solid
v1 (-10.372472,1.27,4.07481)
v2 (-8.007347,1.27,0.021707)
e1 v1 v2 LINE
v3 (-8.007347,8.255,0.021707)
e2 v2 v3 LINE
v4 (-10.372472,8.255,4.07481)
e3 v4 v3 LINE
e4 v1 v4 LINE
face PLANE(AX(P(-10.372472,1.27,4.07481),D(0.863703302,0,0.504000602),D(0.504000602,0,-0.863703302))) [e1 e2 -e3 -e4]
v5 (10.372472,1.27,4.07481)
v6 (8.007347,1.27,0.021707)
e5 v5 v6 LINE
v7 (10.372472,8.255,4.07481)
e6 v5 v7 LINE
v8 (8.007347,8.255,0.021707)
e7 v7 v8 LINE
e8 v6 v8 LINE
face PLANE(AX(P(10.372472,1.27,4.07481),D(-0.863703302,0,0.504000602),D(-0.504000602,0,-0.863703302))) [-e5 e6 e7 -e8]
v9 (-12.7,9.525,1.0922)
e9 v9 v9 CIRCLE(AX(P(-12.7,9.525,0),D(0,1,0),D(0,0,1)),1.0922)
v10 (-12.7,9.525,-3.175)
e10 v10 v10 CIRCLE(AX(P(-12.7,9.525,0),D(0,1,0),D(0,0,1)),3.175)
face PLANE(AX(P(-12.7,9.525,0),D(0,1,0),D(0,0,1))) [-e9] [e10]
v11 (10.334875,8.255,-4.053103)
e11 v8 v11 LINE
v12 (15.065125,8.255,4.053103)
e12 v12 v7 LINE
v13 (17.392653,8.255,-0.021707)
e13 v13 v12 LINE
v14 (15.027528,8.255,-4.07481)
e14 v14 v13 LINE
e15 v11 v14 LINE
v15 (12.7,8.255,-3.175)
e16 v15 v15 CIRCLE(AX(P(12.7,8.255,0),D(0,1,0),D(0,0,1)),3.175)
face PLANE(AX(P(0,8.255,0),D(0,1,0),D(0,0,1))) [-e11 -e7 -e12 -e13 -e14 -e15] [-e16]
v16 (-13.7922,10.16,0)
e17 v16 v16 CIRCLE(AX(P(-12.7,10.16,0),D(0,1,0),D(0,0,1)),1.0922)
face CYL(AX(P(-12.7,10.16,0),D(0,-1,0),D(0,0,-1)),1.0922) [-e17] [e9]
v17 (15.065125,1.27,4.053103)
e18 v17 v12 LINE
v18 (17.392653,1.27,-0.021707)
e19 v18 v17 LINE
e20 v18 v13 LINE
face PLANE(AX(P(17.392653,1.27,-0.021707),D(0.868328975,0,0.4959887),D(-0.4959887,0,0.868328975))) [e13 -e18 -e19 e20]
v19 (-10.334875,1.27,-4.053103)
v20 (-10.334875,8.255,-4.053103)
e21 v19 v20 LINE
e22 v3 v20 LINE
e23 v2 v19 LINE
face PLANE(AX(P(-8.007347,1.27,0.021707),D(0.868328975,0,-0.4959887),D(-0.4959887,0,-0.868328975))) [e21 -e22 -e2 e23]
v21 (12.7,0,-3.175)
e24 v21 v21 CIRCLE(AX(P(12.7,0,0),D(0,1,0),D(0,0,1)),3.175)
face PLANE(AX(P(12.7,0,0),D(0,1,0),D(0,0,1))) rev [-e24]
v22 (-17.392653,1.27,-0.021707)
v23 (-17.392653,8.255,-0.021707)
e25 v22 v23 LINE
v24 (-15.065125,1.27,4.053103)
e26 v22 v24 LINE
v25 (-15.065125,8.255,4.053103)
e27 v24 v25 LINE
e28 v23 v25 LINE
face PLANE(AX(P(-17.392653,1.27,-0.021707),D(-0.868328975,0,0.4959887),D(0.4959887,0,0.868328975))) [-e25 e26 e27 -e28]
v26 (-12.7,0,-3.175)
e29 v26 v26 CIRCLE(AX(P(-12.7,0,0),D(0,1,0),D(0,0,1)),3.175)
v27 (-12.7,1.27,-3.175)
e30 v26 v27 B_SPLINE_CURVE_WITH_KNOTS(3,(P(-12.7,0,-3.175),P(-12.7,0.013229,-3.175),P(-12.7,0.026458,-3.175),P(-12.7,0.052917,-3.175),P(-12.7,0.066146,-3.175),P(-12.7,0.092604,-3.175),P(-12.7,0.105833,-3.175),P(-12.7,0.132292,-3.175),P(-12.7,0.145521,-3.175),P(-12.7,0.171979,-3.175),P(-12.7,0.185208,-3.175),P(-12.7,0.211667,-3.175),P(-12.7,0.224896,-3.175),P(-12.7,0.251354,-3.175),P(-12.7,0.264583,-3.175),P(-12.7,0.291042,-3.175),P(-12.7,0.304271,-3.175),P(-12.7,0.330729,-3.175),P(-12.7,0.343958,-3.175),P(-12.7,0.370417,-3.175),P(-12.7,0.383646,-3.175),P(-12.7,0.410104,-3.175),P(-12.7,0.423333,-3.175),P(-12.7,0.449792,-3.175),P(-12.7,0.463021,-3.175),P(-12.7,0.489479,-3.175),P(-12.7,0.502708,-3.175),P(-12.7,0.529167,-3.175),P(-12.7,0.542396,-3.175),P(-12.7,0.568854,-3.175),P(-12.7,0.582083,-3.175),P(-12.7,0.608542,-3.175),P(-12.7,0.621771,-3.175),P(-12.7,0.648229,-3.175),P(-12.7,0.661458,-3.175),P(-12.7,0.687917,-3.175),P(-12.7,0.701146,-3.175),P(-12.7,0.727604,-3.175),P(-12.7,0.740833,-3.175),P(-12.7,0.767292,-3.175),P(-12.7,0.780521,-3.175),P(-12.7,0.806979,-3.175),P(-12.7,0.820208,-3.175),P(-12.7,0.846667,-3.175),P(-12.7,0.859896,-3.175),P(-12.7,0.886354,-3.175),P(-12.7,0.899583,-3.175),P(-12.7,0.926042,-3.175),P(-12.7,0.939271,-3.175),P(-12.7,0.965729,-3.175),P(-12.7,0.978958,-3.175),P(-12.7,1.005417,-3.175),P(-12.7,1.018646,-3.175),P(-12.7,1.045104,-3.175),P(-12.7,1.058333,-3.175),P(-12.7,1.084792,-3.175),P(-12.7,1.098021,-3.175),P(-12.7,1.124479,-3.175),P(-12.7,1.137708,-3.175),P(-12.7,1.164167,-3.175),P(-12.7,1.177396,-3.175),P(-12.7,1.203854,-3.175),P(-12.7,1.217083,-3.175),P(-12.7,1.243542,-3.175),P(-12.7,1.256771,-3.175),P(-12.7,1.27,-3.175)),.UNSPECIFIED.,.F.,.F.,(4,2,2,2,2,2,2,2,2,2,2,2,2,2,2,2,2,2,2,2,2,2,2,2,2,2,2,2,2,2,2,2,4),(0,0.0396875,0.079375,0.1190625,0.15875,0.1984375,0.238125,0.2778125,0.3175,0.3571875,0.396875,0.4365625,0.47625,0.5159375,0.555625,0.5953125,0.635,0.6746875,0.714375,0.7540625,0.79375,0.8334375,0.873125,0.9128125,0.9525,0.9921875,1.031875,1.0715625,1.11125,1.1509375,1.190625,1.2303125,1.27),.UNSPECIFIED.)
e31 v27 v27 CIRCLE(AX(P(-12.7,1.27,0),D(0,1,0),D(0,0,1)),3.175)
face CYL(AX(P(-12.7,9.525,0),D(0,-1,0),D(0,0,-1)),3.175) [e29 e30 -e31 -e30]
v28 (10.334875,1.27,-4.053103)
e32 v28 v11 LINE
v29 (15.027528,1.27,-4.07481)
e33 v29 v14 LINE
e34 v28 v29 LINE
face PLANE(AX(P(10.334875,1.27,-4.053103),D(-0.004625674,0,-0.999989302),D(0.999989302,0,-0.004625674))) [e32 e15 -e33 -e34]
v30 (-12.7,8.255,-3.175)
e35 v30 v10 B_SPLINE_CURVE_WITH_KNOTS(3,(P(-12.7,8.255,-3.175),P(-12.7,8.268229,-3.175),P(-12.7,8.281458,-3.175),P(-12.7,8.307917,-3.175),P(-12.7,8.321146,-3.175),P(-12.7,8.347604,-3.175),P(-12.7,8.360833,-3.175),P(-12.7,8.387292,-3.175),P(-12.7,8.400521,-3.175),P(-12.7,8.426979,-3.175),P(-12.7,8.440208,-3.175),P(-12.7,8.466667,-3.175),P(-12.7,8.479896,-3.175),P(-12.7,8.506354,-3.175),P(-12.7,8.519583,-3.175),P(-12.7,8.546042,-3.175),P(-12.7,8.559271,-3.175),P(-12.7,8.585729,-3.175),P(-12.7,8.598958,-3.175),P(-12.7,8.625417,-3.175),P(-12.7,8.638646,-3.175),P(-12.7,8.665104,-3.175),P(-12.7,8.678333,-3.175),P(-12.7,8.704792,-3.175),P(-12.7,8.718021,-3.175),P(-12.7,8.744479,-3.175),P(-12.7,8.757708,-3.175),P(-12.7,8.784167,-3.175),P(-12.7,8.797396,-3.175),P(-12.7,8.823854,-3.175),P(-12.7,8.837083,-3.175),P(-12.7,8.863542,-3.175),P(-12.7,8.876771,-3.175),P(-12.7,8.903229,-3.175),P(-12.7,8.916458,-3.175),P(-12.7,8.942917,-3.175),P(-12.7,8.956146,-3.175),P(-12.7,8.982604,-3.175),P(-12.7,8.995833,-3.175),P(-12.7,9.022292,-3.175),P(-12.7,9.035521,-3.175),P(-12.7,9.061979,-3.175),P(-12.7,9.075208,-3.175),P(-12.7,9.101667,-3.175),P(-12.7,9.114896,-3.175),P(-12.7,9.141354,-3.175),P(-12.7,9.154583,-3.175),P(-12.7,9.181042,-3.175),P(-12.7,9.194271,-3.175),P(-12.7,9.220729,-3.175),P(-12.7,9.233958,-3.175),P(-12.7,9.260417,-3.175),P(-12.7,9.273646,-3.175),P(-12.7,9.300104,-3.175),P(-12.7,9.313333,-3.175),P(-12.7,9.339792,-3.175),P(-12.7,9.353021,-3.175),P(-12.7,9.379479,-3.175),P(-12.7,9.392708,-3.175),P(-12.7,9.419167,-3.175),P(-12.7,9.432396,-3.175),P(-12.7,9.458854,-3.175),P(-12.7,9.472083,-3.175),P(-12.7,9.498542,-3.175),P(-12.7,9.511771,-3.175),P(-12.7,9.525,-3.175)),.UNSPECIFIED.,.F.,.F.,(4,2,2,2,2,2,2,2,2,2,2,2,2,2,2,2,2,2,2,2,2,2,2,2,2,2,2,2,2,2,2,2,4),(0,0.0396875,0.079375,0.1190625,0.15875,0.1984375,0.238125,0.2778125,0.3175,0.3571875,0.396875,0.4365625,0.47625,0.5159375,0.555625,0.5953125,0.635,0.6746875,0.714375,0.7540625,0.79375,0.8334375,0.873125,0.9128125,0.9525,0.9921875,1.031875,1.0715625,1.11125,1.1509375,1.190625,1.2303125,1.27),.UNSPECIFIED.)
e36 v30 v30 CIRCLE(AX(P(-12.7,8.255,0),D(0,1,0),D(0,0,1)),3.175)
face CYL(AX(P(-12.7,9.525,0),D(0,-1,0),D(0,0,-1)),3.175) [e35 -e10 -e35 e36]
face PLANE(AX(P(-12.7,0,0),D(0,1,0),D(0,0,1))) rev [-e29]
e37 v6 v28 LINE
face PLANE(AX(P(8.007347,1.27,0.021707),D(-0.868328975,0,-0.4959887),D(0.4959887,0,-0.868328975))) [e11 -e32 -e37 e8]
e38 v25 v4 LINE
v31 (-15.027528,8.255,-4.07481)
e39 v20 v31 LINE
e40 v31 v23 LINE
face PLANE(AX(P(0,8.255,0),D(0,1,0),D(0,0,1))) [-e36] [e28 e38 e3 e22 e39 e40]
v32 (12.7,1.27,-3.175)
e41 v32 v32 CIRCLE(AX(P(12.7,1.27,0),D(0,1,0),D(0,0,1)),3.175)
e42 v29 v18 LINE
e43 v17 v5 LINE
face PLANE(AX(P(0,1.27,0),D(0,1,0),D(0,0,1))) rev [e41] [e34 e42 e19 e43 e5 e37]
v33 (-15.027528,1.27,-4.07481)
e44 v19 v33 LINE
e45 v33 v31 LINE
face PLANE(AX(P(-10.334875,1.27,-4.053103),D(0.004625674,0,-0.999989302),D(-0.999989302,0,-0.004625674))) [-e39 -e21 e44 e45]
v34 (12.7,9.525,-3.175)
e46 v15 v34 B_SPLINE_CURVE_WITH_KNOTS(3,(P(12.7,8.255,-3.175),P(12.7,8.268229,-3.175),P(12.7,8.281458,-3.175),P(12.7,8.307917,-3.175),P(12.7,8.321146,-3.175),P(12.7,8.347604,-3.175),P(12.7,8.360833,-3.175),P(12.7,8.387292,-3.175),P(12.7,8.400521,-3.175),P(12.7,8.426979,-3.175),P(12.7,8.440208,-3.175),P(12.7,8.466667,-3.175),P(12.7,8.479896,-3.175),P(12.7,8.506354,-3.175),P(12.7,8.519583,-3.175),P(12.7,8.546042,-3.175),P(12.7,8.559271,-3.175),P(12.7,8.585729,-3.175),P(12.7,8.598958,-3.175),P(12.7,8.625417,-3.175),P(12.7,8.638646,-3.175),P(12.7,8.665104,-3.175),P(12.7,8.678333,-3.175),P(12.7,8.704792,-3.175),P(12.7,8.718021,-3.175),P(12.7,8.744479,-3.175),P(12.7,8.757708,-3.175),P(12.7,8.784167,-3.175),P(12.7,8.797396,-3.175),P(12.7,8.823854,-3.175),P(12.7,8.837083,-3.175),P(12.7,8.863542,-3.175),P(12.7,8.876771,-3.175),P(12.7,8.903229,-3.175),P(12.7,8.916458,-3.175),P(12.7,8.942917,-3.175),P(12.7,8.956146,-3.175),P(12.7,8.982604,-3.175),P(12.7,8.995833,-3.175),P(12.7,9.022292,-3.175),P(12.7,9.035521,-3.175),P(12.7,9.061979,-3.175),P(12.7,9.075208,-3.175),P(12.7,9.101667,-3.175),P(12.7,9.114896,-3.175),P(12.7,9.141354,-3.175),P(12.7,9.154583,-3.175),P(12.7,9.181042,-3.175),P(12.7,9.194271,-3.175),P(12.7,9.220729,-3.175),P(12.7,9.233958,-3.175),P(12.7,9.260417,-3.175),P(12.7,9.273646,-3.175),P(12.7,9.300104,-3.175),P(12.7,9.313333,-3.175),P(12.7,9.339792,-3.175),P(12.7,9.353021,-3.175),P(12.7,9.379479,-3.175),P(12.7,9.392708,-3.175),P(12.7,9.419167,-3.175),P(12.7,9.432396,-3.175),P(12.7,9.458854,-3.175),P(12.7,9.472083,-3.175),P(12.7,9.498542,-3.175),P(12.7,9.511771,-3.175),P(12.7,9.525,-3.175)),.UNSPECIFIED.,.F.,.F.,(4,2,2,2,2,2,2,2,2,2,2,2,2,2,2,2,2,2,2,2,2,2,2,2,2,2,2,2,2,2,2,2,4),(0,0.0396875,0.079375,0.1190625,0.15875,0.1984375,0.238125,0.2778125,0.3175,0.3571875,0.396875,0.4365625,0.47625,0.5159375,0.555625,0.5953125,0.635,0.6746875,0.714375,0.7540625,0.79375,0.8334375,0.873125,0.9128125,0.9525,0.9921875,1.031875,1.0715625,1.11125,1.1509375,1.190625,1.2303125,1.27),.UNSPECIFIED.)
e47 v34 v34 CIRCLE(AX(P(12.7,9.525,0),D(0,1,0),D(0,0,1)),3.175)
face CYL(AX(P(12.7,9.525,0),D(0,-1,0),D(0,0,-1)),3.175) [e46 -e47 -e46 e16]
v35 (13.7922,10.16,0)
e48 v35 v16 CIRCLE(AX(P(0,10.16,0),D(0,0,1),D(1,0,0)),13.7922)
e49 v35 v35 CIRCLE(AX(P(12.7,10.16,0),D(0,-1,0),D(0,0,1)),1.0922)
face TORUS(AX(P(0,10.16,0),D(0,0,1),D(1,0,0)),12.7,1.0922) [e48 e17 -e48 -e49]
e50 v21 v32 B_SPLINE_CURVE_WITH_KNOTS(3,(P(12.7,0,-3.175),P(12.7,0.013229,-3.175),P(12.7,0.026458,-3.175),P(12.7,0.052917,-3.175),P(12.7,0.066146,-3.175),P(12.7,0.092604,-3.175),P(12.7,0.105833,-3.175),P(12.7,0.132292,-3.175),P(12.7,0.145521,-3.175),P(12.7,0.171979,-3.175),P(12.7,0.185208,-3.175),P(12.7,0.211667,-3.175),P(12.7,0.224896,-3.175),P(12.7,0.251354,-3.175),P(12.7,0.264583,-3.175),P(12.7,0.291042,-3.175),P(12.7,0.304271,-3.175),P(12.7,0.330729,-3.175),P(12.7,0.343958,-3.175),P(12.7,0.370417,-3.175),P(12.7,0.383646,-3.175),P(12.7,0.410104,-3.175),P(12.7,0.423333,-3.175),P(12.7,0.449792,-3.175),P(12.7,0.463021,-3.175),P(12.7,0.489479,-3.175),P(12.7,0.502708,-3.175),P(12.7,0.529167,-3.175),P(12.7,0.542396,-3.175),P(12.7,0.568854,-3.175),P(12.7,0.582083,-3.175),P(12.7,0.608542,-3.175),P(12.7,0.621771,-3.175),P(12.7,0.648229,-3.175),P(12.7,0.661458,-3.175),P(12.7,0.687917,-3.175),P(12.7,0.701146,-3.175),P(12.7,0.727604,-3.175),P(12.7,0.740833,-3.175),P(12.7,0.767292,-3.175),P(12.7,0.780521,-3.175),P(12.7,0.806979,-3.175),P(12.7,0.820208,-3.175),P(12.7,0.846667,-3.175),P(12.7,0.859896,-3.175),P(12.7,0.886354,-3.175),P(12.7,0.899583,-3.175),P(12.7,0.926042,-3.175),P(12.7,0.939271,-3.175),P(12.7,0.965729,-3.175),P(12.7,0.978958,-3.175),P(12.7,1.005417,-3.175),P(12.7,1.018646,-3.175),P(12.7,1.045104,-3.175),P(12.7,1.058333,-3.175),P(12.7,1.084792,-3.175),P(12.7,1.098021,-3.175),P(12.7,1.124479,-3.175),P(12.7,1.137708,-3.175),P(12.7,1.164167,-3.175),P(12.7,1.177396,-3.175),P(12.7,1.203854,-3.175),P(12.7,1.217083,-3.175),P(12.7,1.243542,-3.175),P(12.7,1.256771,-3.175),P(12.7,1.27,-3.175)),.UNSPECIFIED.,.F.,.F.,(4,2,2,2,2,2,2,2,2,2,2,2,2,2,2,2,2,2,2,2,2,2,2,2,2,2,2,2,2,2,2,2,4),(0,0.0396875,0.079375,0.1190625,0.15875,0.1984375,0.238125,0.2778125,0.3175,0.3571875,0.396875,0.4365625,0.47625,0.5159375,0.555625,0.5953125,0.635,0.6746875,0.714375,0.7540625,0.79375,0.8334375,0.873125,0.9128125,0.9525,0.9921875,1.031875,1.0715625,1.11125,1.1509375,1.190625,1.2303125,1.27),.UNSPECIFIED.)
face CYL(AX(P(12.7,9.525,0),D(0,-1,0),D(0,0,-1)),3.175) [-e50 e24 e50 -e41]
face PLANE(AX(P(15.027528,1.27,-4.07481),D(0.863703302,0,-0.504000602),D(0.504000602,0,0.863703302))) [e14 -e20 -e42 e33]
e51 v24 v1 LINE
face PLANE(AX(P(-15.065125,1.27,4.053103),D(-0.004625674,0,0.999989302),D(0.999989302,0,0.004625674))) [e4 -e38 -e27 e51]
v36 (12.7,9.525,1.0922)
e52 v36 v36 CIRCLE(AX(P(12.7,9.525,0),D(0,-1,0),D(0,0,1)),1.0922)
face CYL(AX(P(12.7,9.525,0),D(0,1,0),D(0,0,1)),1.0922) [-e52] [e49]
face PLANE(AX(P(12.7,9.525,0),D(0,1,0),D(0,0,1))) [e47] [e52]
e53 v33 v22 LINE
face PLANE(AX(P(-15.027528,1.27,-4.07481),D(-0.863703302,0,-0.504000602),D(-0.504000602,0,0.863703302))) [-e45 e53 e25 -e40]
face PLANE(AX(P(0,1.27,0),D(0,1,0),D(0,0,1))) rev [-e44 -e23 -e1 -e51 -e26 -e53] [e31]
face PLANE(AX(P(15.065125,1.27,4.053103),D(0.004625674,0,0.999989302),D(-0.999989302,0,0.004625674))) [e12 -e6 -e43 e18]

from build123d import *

# Parameters (mm, degrees)
SKETCH1_R             = 3.175
BOSS_EXTRUDE1_DEPTH   = 9.525
BOSS_EXTRUDE1_2_DEPTH = 9.525
BOSS_EXTRUDE2_START   = -1.27
BOSS_EXTRUDE2_DEPTH   = 6.985
SKETCH4_R             = 1.0922


with BuildPart() as part:
    # Sketch1 → Boss-Extrude1 (new body)
    with BuildSketch(Plane(origin=(0, 0, 0), x_dir=(1, 0, 0), z_dir=(0, 1, 0))):
        with Locations(Location((-12.7, 0, 0), (0, 0, 90))):
            Circle(SKETCH1_R)
    extrude(amount=BOSS_EXTRUDE1_DEPTH)

    # Sketch2 → Boss-Extrude2 (add)
    with BuildSketch(Plane(origin=(0, 9.525, 0), x_dir=(1, 0, 0), z_dir=(0, 1, 0)).offset(BOSS_EXTRUDE2_START)):
        Polygon((-8.007347217, -0.021706912), (-10.334874871, 4.053103065), (-15.027527654, 4.074809978), (-17.392652783, 0.021706912), (-15.065125129, -4.053103065), (-10.372472346, -4.074809978), align=None)
    boss_extrude2 = extrude(amount=-BOSS_EXTRUDE2_DEPTH)



with BuildPart() as body_2:
    # Sketch1 → Boss-Extrude1 2 (new body)
    with BuildSketch(Plane(origin=(0, 0, 0), x_dir=(1, 0, 0), z_dir=(0, 1, 0))):
        with Locations(Location((12.7, 0, 0), (0, 0, 90))):
            Circle(SKETCH1_R)
    extrude(amount=BOSS_EXTRUDE1_2_DEPTH)

    # Mirror1: Boss-Extrude2 across plane
    add(boss_extrude2.mirror(Plane(origin=(0, 0, 0), x_dir=(0, 0, 1), z_dir=(1, 0, 0))))


with BuildPart() as part_1:
    add(part.part)

    add(body_2.part)  # Sweep1 merges body 2
    # Sweep1: sweep along a path in Sketch3
    with BuildLine(Plane.XY) as sweep1_path:
        Line((-12.7, 9.525), (-12.7, 10.16))
        ThreePointArc((-12.7, 10.16), (0, 22.86), (12.7, 10.16))
        Line((12.7, 10.16), (12.7, 9.525))
    # Sketch4 → Sweep1 (sweep)
    with BuildSketch(Plane(origin=(0, 9.525, 0), x_dir=(1, 0, 0), z_dir=(0, 1, 0))):
        with Locations((-12.7, 0)):
            Circle(SKETCH4_R)
    sweep(path=sweep1_path.line)


solid = part_1.part
